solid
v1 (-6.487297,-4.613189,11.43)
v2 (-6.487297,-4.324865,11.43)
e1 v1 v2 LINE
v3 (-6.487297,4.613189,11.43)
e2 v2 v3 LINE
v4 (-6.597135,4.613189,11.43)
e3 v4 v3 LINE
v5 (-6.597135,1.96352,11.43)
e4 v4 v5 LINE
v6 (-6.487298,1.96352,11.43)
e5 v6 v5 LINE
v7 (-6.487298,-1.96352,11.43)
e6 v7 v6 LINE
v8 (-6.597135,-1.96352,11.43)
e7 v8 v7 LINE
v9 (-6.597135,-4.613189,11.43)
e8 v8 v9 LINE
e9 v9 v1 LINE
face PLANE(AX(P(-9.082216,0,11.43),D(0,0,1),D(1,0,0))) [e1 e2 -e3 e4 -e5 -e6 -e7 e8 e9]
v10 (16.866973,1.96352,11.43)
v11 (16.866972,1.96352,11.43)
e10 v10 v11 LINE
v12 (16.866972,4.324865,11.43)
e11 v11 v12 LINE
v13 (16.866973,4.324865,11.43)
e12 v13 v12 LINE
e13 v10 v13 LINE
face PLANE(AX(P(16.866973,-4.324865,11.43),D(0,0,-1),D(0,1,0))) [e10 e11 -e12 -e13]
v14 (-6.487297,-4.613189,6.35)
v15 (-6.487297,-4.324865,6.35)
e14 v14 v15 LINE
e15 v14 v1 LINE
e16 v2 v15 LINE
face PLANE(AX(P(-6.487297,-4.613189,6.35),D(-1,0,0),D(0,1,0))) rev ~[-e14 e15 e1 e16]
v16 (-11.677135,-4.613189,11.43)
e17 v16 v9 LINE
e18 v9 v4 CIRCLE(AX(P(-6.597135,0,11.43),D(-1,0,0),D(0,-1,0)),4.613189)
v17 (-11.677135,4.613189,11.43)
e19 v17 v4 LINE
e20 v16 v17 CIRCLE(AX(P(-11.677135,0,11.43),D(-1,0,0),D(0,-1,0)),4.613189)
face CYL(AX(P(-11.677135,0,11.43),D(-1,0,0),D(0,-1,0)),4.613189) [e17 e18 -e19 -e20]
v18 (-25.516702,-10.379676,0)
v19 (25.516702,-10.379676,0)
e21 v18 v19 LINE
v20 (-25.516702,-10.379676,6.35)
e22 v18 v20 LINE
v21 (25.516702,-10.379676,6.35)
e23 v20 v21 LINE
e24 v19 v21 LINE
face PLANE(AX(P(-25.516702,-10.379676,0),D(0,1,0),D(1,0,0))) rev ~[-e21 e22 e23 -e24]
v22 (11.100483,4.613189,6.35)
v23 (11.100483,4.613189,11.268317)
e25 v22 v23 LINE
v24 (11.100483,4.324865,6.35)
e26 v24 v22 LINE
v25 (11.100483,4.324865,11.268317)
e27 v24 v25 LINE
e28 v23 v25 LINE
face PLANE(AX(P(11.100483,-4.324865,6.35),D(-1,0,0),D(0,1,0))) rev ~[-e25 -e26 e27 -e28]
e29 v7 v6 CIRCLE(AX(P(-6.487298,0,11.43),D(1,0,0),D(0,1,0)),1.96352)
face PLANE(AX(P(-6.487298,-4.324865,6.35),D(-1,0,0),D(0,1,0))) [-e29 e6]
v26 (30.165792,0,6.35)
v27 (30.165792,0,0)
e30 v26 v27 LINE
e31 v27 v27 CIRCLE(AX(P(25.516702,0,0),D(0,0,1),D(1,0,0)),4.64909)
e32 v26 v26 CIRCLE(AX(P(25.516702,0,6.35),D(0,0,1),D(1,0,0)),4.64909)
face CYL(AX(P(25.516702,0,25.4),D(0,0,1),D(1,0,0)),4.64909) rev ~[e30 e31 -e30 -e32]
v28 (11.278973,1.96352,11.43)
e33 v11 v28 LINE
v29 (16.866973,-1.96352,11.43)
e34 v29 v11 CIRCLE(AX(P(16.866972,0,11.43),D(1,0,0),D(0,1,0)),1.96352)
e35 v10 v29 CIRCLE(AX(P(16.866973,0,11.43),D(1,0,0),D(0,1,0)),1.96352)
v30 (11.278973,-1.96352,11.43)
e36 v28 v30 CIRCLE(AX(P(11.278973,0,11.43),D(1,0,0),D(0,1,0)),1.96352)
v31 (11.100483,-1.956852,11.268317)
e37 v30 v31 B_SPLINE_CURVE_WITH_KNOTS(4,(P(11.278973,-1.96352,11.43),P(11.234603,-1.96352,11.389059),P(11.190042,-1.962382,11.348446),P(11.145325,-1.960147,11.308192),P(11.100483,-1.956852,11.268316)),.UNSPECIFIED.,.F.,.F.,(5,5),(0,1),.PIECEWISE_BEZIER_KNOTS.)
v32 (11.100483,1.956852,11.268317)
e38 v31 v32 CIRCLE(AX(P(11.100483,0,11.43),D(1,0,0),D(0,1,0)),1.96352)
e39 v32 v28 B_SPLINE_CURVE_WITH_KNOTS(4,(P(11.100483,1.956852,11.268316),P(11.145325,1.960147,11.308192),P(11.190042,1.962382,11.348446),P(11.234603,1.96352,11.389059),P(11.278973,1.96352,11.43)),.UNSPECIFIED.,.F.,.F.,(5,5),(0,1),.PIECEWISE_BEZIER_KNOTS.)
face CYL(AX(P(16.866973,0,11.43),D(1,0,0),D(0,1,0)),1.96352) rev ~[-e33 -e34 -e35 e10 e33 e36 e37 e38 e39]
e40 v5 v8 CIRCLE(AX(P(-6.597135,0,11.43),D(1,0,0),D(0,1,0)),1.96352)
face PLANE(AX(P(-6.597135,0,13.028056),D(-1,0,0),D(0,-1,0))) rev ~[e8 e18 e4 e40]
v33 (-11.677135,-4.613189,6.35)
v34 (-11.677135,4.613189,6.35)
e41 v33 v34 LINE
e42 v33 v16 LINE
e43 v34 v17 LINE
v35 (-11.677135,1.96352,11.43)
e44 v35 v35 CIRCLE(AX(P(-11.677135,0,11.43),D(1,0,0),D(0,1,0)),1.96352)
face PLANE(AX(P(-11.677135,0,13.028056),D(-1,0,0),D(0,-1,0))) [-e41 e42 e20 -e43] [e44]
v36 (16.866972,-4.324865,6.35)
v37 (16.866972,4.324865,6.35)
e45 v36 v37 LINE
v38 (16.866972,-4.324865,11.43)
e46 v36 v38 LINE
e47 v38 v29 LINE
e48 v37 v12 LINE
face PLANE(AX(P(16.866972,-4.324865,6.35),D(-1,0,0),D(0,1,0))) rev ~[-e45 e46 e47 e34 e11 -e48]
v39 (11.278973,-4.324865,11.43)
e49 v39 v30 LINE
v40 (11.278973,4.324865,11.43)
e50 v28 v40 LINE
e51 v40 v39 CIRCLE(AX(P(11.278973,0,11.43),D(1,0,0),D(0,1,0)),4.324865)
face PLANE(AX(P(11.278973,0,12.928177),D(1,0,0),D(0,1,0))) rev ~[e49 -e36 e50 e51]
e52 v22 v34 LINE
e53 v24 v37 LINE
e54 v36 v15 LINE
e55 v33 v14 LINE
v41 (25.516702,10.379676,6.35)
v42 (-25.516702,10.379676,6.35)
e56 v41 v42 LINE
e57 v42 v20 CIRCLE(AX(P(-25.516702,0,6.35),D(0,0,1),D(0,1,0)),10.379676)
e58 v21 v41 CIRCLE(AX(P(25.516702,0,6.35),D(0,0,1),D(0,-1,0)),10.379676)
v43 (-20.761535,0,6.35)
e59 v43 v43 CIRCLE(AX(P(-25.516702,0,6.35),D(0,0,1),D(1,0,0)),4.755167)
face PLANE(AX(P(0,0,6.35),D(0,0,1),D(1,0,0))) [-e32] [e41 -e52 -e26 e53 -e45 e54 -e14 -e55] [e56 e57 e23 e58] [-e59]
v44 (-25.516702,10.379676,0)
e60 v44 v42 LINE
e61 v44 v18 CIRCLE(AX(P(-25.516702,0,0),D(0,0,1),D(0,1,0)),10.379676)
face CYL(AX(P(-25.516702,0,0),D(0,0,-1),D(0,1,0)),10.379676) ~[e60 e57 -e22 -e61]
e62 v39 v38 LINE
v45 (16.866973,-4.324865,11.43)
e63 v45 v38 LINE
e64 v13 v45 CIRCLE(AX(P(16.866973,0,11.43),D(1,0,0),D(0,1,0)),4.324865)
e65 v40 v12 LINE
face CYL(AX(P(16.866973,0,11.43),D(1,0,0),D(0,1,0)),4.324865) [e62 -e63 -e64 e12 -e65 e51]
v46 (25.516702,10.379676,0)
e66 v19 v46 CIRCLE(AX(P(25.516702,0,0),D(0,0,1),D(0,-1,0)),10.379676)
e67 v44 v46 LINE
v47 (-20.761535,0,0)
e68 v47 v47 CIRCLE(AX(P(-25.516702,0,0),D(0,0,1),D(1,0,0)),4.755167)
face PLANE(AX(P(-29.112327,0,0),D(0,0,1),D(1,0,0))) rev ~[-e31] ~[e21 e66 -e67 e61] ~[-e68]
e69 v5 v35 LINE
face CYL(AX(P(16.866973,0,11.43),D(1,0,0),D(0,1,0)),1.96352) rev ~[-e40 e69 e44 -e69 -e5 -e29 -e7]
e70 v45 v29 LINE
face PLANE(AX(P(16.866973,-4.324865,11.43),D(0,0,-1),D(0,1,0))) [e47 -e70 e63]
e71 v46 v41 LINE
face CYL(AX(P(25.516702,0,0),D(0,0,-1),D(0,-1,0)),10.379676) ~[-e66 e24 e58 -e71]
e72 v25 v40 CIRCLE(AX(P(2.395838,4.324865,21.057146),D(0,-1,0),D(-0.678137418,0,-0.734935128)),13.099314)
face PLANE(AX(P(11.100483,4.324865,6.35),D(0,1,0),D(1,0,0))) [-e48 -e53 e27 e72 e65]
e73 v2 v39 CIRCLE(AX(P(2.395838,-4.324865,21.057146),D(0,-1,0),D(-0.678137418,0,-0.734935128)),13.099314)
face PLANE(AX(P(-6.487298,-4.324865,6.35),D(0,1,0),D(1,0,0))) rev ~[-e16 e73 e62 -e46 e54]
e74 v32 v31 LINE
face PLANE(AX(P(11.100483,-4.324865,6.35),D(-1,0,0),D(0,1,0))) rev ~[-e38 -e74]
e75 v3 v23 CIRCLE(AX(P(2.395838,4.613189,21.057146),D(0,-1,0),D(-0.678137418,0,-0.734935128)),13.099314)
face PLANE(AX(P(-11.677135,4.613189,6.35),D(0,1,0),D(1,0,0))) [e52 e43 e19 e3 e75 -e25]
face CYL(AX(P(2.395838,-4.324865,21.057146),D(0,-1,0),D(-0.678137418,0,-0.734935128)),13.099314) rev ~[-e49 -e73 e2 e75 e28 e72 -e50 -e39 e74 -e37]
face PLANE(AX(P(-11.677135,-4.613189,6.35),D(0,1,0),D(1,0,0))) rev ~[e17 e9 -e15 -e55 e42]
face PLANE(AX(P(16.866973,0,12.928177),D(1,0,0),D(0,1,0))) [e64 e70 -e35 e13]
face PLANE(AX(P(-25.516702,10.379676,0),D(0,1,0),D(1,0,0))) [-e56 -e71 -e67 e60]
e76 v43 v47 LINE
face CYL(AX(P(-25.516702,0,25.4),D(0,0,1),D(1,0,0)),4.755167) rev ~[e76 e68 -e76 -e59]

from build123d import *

# Parameters (mm, degrees)
F0_W        = 51.033404
F0_H        = 20.759352
F1_DEPTH    = 25.4
F2_R        = 4.64909
F2_R_2      = 4.755167
F3_DEPTH    = 50.8
F1_FACE_R   = 4.755167
F1_FACE_R_2 = 4.64909
F4_DEPTH    = 19.05
F5_W        = 5.189838
F5_H        = 9.226378
F5_W_2      = 5.766489
F5_H_2      = 8.64973
F6_DEPTH    = 5.08
F8_DEPTH    = 5.08
F10_DEPTH   = 5.588
F11_R       = 1.96352
F12_DEPTH   = 50.8
F13_W       = 17.587781
F13_H       = 8.938054
F14_DEPTH   = 5.08
F16_DEPTH   = 50.8


with BuildPart() as f1:
    # F0 (on Top) → F1 (new body)
    with BuildSketch(Plane.XY):
        with BuildLine():
            ThreePointArc((-25.516702, 10.379676), (-35.896378, 0), (-25.516702, -10.379676))
            Line((-25.516702, -10.379676), (-25.516702, 10.379676))
        make_face()
        Rectangle(F0_W, F0_H)
        with BuildLine():
            Line((25.516702, 10.379676), (25.516702, -10.379676))
            ThreePointArc((25.516702, -10.379676), (35.896378, 0), (25.516702, 10.379676))
        make_face()
    extrude(amount=F1_DEPTH)

    # F2 (on face) → F3 (cut)
    with BuildSketch(Plane.XY.offset(25.4)):
        with Locations((25.516702, 0)):
            Circle(F2_R)
        with Locations((-25.516702, 0)):
            Circle(F2_R_2)
    extrude(amount=-F3_DEPTH, mode=Mode.SUBTRACT)

    # F1_face (on face) → F4 (cut)
    with BuildSketch(Plane.XY.offset(25.4)):
        with BuildLine():
            ThreePointArc((-25.516702, 10.379676), (-35.896378, 0), (-25.516702, -10.379676))
            Line((-25.516702, -10.379676), (25.516702, -10.379676))
            ThreePointArc((25.516702, -10.379676), (35.896378, 0), (25.516702, 10.379676))
            Line((25.516702, 10.379676), (-25.516702, 10.379676))
        make_face()
        with Locations((-25.516702, 0)):
            Circle(F1_FACE_R, mode=Mode.SUBTRACT)
        with Locations((25.516702, 0)):
            Circle(F1_FACE_R_2, mode=Mode.SUBTRACT)
    extrude(amount=-F4_DEPTH, mode=Mode.SUBTRACT)

    # F5 (on face) → F6 (join)
    with BuildSketch(Plane.XY.offset(6.35)):
        with Locations((-9.082216, 0)):
            Rectangle(F5_W, F5_H)
        with Locations((13.983728, 0)):
            Rectangle(F5_W_2, F5_H_2)
    extrude(amount=F6_DEPTH)

    # F7 (on face) → F8 (join)
    with BuildSketch(Plane(origin=(-11.677135, 0, 0), x_dir=(0, -1, 0), z_dir=(-1, 0, 0))):
        with BuildLine():
            Line((-4.613189, 11.43), (4.613189, 11.43))
            ThreePointArc((4.613189, 11.43), (0, 16.043189), (-4.613189, 11.43))
        make_face()
    extrude(amount=-F8_DEPTH)

    # F9 (on face) → F10 (join)
    with BuildSketch(Plane.YZ.offset(16.866973)):
        with BuildLine():
            Line((-4.324865, 11.43), (4.324865, 11.43))
            ThreePointArc((4.324865, 11.43), (0, 15.754865), (-4.324865, 11.43))
        make_face()
    extrude(amount=-F10_DEPTH)

    # F11 (on face) → F12 (cut)
    with BuildSketch(Plane.YZ.offset(16.866973)):
        with Locations((0, 11.43)):
            Circle(F11_R)
    extrude(amount=-F12_DEPTH, mode=Mode.SUBTRACT)

    # F13 (on face) → F14 (join)
    with BuildSketch(Plane.XY.offset(6.35)):
        with Locations((2.306593, 0.144162)):
            Rectangle(F13_W, F13_H)
    extrude(amount=F14_DEPTH)

    # F15 (on face) → F16 (cut)
    with BuildSketch(Plane.XZ.offset(4.324865)):
        with BuildLine():
            Line((11.278973, 11.43), (-6.487297, 11.43))
            ThreePointArc((-6.487297, 11.43), (2.395838, 7.957832), (11.278973, 11.43))
        make_face()
    extrude(amount=-F16_DEPTH, mode=Mode.SUBTRACT)


solid = f1.part
